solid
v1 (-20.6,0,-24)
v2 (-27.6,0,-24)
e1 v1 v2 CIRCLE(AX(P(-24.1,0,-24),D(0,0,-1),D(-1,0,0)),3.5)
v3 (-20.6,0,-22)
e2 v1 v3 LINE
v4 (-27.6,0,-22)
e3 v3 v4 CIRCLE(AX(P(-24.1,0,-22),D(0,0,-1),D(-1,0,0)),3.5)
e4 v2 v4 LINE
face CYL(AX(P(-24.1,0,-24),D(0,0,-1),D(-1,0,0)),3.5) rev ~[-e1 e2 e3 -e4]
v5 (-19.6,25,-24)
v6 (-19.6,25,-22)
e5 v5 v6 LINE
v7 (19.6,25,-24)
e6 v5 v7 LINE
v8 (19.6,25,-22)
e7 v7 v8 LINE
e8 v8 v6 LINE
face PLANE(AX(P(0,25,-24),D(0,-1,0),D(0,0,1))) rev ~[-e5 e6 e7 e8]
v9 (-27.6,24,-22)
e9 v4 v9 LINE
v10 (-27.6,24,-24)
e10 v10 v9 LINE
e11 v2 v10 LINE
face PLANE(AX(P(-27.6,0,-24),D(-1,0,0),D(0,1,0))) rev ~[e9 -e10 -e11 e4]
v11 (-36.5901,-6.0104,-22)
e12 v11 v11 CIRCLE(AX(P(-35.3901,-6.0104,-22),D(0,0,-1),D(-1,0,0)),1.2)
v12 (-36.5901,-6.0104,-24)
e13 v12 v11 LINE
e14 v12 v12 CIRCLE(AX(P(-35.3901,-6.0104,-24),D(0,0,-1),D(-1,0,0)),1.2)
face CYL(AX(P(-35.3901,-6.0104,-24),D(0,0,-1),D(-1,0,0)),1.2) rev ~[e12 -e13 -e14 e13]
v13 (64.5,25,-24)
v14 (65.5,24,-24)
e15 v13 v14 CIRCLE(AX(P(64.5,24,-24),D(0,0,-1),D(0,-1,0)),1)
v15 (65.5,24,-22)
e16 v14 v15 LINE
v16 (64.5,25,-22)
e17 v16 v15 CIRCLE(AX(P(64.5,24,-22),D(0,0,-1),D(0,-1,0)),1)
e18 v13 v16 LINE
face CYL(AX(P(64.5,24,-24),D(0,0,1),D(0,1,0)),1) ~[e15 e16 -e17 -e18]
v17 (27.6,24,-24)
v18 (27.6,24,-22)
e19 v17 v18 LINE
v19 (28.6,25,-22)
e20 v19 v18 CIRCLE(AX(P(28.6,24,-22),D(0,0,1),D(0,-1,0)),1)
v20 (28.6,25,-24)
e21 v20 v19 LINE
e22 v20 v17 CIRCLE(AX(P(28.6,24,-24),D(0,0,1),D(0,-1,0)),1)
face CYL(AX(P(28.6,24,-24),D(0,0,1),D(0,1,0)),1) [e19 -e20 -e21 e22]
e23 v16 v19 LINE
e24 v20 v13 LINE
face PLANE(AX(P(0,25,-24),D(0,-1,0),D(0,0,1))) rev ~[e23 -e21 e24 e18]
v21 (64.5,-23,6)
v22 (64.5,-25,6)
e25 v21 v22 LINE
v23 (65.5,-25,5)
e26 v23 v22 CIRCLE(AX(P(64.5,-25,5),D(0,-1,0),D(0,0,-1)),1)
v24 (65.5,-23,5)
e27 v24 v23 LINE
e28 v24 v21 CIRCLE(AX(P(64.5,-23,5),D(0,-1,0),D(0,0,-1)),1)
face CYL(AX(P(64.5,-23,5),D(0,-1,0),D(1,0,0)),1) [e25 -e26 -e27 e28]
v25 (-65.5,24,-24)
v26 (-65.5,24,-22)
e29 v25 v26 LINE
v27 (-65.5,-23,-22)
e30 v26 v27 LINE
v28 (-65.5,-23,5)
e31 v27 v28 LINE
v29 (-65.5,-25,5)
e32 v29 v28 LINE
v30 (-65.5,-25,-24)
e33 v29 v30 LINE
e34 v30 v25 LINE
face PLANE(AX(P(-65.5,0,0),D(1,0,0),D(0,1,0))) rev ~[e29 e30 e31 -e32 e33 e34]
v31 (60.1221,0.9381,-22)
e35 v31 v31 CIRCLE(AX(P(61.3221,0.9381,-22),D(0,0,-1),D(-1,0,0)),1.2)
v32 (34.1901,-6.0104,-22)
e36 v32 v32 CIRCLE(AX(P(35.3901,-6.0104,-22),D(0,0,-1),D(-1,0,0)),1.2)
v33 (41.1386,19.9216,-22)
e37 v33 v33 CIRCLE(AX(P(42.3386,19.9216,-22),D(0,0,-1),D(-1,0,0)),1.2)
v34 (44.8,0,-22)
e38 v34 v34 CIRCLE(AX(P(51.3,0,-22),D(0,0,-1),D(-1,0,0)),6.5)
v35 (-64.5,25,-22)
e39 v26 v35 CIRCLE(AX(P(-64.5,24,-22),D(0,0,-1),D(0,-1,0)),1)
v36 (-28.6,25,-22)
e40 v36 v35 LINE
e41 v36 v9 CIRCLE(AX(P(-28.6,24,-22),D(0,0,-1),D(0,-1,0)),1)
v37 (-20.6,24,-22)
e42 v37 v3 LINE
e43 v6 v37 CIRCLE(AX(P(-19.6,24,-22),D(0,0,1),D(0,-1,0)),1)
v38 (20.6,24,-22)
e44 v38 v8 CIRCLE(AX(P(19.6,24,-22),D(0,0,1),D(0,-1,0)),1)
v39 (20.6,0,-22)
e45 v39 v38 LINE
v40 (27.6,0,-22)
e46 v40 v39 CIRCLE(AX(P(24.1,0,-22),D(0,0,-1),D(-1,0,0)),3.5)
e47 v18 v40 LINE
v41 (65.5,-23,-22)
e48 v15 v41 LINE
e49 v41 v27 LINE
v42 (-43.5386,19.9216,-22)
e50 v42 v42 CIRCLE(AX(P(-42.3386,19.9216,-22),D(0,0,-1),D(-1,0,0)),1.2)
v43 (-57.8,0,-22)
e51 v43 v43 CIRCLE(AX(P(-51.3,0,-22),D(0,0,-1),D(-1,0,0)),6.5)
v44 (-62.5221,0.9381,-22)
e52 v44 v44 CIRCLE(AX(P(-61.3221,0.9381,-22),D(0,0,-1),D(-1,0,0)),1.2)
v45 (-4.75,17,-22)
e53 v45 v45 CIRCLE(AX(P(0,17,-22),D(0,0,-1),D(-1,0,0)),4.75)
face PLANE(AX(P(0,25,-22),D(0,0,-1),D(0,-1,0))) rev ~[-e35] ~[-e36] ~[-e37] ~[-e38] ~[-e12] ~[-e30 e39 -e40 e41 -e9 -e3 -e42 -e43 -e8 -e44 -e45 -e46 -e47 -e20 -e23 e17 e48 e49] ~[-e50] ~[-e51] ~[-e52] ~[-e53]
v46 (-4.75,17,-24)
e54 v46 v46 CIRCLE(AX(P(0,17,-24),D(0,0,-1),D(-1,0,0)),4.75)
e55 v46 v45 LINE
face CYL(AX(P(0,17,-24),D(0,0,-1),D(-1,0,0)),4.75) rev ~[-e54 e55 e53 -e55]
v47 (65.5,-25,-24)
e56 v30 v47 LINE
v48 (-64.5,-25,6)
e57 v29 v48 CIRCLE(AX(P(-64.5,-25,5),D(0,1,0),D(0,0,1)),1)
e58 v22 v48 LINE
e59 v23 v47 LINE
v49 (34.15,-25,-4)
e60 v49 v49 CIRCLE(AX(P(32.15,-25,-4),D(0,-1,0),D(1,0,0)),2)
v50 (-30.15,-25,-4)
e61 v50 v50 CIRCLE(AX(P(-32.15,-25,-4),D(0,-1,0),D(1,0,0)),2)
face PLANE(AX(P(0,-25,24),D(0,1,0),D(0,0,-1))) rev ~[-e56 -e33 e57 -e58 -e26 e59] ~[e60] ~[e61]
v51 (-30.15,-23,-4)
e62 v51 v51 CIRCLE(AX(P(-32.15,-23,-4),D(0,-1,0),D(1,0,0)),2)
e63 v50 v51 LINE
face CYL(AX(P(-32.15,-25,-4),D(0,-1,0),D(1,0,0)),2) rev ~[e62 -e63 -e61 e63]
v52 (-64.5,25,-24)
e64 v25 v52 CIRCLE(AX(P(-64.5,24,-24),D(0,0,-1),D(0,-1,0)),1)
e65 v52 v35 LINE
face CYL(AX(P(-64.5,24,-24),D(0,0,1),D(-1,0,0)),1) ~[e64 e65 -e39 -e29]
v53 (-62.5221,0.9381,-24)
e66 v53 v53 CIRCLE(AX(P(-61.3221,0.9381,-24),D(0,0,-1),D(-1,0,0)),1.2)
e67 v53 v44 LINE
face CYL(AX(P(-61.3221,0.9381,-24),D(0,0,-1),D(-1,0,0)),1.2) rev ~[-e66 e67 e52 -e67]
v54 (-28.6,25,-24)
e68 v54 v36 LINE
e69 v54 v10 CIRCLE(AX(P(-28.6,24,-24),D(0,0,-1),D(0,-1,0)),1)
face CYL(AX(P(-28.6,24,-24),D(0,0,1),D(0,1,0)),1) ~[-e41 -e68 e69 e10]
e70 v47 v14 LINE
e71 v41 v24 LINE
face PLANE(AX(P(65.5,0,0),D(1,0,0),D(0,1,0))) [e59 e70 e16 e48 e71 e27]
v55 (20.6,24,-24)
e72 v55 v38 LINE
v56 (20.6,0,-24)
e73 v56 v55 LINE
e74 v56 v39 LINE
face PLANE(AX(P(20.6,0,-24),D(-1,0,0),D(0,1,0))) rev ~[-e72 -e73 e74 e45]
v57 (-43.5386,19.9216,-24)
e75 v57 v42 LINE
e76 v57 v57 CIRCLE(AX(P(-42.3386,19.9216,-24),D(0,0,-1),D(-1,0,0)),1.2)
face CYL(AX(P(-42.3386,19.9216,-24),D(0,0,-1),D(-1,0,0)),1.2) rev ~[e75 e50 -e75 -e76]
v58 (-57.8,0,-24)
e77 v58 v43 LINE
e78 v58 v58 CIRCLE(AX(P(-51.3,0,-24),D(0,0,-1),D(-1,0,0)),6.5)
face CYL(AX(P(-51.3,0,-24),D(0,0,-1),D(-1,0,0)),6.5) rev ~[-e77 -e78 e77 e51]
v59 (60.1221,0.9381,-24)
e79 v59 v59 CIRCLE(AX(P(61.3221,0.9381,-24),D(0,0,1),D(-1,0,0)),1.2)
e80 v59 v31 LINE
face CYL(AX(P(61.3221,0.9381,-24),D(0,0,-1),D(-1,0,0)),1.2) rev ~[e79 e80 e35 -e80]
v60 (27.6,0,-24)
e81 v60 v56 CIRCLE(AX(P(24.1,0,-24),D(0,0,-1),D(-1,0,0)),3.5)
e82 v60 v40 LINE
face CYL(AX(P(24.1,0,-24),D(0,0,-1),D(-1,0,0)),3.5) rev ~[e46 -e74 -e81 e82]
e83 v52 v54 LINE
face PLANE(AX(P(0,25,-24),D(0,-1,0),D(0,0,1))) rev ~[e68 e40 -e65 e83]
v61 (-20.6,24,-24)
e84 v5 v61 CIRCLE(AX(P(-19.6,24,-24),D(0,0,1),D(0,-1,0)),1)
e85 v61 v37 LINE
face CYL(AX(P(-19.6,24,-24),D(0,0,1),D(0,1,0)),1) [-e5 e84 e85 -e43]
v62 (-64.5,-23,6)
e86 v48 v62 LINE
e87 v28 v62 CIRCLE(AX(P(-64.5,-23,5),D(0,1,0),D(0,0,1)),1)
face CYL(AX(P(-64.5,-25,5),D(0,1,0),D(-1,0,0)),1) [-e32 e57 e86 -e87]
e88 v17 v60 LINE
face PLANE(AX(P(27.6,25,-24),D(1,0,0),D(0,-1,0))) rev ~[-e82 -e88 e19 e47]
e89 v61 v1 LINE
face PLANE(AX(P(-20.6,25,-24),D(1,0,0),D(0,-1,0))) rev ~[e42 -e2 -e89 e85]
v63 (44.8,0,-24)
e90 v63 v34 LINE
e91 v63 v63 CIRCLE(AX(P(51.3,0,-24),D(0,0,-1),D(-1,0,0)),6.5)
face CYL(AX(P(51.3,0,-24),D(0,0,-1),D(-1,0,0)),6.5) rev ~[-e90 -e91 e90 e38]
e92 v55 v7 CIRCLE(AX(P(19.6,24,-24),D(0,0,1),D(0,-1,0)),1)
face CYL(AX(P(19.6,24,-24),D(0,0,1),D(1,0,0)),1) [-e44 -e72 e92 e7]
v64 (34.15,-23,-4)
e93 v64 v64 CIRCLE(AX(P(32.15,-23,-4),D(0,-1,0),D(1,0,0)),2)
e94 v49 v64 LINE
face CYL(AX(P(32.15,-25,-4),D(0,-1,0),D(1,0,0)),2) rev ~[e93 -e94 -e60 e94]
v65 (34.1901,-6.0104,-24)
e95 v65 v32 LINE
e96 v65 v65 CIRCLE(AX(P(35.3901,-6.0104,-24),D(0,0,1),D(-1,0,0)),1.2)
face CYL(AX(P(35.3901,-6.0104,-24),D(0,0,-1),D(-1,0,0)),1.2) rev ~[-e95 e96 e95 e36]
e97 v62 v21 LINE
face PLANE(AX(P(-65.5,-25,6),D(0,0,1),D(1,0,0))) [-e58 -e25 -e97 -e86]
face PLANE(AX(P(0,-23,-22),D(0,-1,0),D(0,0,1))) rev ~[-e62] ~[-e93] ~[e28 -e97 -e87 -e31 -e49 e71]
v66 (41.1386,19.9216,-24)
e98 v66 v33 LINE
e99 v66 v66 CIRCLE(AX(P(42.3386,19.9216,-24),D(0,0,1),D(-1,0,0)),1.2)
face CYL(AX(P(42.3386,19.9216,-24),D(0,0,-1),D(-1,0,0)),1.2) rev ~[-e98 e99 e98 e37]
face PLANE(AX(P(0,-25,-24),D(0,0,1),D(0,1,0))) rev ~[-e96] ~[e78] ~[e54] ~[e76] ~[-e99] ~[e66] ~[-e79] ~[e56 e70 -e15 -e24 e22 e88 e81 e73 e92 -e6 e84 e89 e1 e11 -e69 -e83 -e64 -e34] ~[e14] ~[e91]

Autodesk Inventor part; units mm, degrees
ref_plane "YZ Plane" through (0, 0, 0) normal (1, 0, 0) x (0, 1, 0)
ref_plane "XZ Plane" through (0, 0, 0) normal (0, 1, 0) x (-1, 0, 0)
ref_plane "XY Plane" through (0, 0, 0) normal (0, 0, 1) x (1, 0, 0)
sketch "Sketch1" plane through (0, 0, 0) normal (1, 0, 0) x (0, 1, 0)
  line L0 (-25, 24) -> (-25, -24)
  line L1 (-25, -24) -> (25, -24)
  line L2 (25, -24) -> (25, -22)
  line L3 (25, -22) -> (-23, -22)
  line L4 (-23, -22) -> (-23, 24)
  line L5 (-23, 24) -> (-25, 24)
extrude "Extrusion1" add sketch "Sketch1" along normal mid plane 131
sketch "Sketch2" plane through (65.5, 25, -24) normal (0, 0, -1) x (-1, 0, 0)
  circle A0 centre (41.4, -25) radius 3.5
  circle A1 centre (89.6, -25) radius 3.5
  line L0 (131, 0) -> (0, 0) projected
  line L1 (37.9, -25) -> (44.9, -25)
  line L2 (44.9, -25) -> (44.9, 0)
  line L3 (44.9, 0) -> (37.9, 0)
  line L4 (37.9, 0) -> (37.9, -25)
  line L5 (86.1, -25) -> (93.1, -25)
  line L6 (93.1, -25) -> (93.1, 0)
  line L7 (93.1, 0) -> (86.1, 0)
  line L8 (86.1, 0) -> (86.1, -25)
  line L9 (65.5, 0) -> (65.5, -8)
  circle A2 centre (65.5, -8) radius 4.75
  dimension "d17" = 7
  dimension "d18" = 7
  dimension "d129" = 8
  dimension "d130" = 9.5
hole "Hole1" at (24.1, 0, -24) at (-24.1, 0, -24) direction (0, 0, 1) diameter 7 depth 2
sketch "Sketch3" plane through (65.5, 25, -24) normal (0, 0, -1) x (-1, 0, 0)
  line L0 (65.5, -25) -> (14.2, -25)
  line L1 (65.5, -25) -> (116.8, -25)
  circle A0 centre (14.2, -25) radius 9.5
  circle A1 centre (14.2, -25) radius 1.75
  circle A2 centre (116.8, -25) radius 1.75
  dimension "d26" = 51.3
  dimension "d27" = 51.3
  dimension "d28" = 19
  dimension "d29" = 3.5
  dimension "d30" = 3.5
hole "Hole2" at (51.3, 0, -24) at (-51.3, 0, -24) direction (0, 0, 1) diameter 3.5 depth 2
sketch "Sketch7" plane through (65.5, 25, -24) normal (0, 0, -1) x (-1, 0, 0)
  circle A0 centre (14.2, -25) radius 1.75 projected
  circle A1 centre (14.2, -25) radius 3.5
  point P0 (65.5, -25)
  dimension "d89" = 7
extrude "Extrusion3" cut sketch "Sketch7" against normal blind 2
sketch "Sketch8" plane through (65.5, 25, -24) normal (0, 0, -1) x (-1, 0, 0)
  circle A0 centre (14.2, -25) radius 3.5 projected
  line L0 (14.2, -25) -> (39.2, -25) construction
  circle A1 centre (19.1497, -20.0503) radius 18.4
  circle A2 centre (19.1497, -20.0503) radius 15.5
  line L1 (14.2, -25) -> (19.1497, -20.0503)
  line L2 (19.1497, -20.0503) -> (36.8274, -2.3726)
  line L3 (36.8274, -2.3726) -> (1.4721, -37.7279)
  line L4 (6.139, -7.0395) -> (32.1605, -33.061)
  circle A3 centre (8.1896, -9.0901) radius 1.2
  circle A4 centre (30.1099, -31.0104) radius 1.2
  circle A5 centre (23.1614, -5.0784) radius 1.2
  circle A6 centre (4.1779, -24.0619) radius 1.2
  circle A7 centre (15.1381, -35.0221) radius 1.2
  circle A8 centre (34.1216, -16.0386) radius 1.2
  point P0 (65.5, -25)
  dimension "d96" = 31
  dimension "d97" = 25
  dimension "d98" = 180
  dimension "d99" = 50
  dimension "d100" = 2.4
  dimension "d101" = 2.4
  dimension "d104" = 2.4
  dimension "d105" = 2.4
  dimension "d106" = 2.4
  dimension "d107" = 2.4
extrude "Extrusion4" cut sketch "Sketch8" against normal blind 2 contours A3 A2 L4 | L4 A2 A3 | A4 A2 L4 | L4 A2 A4 | A6 A2 | A2 A6 | A7 A2 | A2 A7 | A8 A2 | A2 A8 | A5 A2 | A2 A5 | L4 A3 A2 | A2 A3 L4 | L4 A4 A2 | A2 A4 L4
sketch "Sketch9" plane through (65.5, 25, -24) normal (0, 0, -1) x (-1, 0, 0)
  circle A0 centre (34.1216, -16.0386) radius 1.2 projected
  circle A1 centre (8.1896, -9.0901) radius 1.2 projected
  circle A2 centre (15.1381, -35.0221) radius 1.2 projected
  point P0 (65.5, -25)
extrude "Extrusion6" add sketch "Sketch9" against normal blind 2
sketch "Sketch11" plane through (65.5, 25, -24) normal (0, 0, -1) x (-1, 0, 0)
  circle A0 centre (4.1779, -24.0619) radius 1.2 projected
  circle A1 centre (30.1099, -31.0104) radius 1.2 projected
  circle A2 centre (23.1614, -5.0784) radius 1.2 projected
  circle A3 centre (14.2, -25) radius 3.5 projected
  circle A4 centre (116.8, -25) radius 1.75 projected
  line L0 (65.5, -25) -> (65.5, 0)
  line L1 (0, 0) -> (131, 0) projected
  circle A5 centre (126.8221, -24.0619) radius 1.2
  circle A6 centre (100.8901, -31.0104) radius 1.2
  circle A7 centre (107.8386, -5.0784) radius 1.2
  circle A8 centre (116.8, -25) radius 3.5
extrude "Extrusion7" cut sketch "Sketch11" against normal blind 2 contours A5 | A6 | A7 | A8
sketch "Sketch12" plane through (65.5, 25, -24) normal (0, 0, -1) x (-1, 0, 0)
  circle A0 centre (116.8, -25) radius 3.5 projected
  circle A1 centre (14.2, -25) radius 3.5 projected
  circle A2 centre (14.2, -25) radius 6.5
  circle A3 centre (116.8, -25) radius 6.5
  point P0 (65.5, -25)
  dimension "d116" = 13
  dimension "d117" = 13
extrude "Extrusion8" cut sketch "Sketch12" against normal blind 2
extrude "Extrusion9" cut sketch "Sketch2" against normal blind 2 contours L1 A0 | L0 L6 A1 L8 | A0 L1 | A0 L4 L0 L2 | L5 A1 | A1 L5
fillet "Fillet1" radius 1 4 edges at (20.6, 25, -23) (27.6, 25, -23) (-20.6, 25, -23) (-27.6, 25, -23)
fillet "Fillet2" radius 1 2 edges at (65.5, 25, -23) (-65.5, 25, -23)
extrude "Extrusion10" cut sketch "Sketch2" against normal blind 2 contours A2
sketch "Sketch14" plane through (-65.5, -25, 24) normal (0, 0, 1) x (1, 0, 0)
  line L0 (0, 2) -> (131, 2)
  line L1 (131, 2) -> (131, 0)
  line L2 (131, 0) -> (0, 0)
  line L3 (0, 0) -> (0, 2)
  point P0 (65.5, 25)
extrude "Extrusion11" cut sketch "Sketch14" against normal blind 18
fillet "Fillet3" radius 1 2 edges at (-65.5, -24, 6) (65.5, -24, 6)
sketch "Sketch15" plane through (-65.5, -25, -24) normal (0, -1, 0) x (1, 0, 0)
  circle A0 centre (97.65, 20) radius 2
  circle A1 centre (33.35, 20) radius 2
  point P0 (65.5, 24)
  point P1 (131, 0)
  point P2 (0, 0)
  dimension "d139" = 4
  dimension "d140" = 4
extrude "Extrusion12" cut sketch "Sketch15" against normal blind 2
properties part number "drzak_motory"
